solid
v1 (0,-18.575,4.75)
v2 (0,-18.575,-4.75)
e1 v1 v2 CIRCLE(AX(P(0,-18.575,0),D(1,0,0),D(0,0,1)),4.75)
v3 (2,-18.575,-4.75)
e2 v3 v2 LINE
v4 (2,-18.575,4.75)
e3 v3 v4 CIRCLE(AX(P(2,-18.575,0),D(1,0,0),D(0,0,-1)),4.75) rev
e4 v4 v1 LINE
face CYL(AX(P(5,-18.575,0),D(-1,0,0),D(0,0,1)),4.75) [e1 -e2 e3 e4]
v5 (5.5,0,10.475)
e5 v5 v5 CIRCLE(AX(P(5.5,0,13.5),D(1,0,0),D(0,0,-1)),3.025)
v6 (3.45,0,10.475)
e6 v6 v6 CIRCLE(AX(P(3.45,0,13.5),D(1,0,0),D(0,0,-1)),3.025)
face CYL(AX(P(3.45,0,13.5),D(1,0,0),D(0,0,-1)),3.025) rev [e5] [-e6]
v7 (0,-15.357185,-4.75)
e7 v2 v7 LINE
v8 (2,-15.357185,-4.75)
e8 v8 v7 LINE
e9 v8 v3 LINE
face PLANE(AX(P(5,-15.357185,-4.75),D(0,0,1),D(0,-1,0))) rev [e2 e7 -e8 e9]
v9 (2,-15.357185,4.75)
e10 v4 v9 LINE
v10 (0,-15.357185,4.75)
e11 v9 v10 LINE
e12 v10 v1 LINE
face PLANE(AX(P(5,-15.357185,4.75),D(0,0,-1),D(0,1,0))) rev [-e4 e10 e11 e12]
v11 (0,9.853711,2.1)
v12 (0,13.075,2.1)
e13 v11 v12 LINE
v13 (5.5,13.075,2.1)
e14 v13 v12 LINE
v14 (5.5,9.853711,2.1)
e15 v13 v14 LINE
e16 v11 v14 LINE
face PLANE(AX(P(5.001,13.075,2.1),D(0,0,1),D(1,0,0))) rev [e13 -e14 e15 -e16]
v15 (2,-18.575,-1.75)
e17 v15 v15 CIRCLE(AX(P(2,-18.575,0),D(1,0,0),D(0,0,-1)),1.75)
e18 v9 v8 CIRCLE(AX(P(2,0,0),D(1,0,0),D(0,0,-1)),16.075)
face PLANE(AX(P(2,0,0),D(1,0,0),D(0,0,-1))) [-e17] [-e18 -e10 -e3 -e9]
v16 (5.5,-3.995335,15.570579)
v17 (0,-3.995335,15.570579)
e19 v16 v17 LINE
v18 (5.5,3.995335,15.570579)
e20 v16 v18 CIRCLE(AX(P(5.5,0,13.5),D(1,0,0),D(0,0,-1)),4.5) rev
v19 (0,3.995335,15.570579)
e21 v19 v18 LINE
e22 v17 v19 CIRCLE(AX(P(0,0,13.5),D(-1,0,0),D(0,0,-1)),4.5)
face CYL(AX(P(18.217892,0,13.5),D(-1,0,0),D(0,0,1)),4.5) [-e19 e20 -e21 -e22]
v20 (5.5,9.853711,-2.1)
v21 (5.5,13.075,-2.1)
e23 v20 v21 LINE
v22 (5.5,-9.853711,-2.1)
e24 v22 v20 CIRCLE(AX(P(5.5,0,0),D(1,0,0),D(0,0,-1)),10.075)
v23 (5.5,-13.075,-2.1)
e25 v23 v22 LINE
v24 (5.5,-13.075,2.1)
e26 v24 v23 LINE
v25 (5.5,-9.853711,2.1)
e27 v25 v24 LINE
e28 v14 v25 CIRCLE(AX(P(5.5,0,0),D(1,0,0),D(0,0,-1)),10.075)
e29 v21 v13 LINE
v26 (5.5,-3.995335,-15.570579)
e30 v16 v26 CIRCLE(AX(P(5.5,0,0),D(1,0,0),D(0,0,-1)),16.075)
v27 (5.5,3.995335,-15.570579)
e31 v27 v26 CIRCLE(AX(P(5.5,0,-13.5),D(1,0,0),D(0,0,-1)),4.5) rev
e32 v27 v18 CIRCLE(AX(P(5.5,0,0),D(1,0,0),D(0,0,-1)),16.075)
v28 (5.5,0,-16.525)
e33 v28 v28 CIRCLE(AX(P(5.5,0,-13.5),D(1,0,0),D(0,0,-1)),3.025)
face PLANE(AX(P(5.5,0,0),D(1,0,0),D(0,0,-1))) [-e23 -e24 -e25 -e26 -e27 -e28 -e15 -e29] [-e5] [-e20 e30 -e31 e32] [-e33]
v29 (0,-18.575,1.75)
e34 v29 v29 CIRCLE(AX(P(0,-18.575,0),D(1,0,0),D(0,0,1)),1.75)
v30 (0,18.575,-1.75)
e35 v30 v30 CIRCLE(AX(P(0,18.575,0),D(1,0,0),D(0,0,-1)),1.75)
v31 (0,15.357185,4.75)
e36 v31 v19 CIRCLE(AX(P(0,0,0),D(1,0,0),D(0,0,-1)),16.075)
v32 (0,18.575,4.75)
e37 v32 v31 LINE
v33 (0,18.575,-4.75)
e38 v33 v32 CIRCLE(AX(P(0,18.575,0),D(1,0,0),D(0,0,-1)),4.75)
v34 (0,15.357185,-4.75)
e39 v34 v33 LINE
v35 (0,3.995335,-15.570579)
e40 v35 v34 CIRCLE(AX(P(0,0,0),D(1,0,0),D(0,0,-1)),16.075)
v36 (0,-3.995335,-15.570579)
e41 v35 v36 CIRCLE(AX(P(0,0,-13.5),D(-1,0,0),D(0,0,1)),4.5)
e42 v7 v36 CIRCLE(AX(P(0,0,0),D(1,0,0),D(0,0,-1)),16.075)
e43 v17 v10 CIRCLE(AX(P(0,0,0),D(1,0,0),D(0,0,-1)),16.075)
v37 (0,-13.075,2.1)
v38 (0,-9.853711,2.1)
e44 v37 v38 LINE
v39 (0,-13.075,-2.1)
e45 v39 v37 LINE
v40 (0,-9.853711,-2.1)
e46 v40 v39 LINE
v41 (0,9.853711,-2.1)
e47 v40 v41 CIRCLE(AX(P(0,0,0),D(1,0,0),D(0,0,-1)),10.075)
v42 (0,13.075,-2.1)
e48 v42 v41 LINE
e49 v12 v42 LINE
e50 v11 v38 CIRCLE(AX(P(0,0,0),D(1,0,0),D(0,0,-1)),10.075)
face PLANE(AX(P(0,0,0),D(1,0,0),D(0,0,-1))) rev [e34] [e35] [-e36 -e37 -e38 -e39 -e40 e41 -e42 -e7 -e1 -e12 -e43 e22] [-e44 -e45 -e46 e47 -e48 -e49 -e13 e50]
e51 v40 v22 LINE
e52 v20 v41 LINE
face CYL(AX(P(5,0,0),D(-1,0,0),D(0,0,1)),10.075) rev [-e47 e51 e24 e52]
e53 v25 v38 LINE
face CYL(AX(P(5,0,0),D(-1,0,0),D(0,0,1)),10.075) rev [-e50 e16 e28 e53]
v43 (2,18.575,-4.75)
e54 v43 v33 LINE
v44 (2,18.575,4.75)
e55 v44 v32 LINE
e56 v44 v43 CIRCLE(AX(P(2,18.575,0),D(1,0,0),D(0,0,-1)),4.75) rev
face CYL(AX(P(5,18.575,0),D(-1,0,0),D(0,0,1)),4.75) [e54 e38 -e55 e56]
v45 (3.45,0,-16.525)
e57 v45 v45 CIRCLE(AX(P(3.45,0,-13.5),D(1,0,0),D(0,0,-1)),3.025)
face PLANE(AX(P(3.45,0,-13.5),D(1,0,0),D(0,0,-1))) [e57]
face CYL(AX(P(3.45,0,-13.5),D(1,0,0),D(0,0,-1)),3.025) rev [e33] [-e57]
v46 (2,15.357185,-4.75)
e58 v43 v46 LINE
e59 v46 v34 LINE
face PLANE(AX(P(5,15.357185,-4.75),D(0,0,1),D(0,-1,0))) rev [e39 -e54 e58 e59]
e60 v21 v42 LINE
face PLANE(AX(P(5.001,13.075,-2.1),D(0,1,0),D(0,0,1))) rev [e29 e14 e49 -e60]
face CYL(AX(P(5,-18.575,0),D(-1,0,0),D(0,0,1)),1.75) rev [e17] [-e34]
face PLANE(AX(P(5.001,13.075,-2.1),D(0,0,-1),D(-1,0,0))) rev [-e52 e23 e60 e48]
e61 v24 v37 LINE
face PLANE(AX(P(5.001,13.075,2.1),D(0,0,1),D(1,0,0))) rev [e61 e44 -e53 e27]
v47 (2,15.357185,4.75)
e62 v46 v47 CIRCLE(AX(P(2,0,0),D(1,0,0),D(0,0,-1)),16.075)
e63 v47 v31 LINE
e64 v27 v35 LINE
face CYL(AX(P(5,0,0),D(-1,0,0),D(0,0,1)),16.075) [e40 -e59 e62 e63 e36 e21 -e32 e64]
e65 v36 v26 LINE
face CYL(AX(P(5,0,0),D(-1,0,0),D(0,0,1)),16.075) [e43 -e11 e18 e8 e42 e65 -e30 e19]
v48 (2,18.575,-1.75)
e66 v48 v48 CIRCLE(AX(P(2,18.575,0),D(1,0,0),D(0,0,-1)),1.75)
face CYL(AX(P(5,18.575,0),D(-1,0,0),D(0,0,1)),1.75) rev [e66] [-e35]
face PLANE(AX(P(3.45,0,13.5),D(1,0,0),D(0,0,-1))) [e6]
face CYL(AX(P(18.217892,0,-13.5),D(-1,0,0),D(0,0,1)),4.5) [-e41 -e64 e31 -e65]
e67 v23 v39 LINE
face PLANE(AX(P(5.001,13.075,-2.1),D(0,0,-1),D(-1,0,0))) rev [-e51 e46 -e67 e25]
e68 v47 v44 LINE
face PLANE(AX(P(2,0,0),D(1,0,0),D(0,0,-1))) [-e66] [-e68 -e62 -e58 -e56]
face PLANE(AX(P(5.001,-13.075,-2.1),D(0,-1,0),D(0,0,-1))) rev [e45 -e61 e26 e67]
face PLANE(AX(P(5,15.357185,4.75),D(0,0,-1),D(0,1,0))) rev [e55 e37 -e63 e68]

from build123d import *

# Parameters (mm, degrees)
SKETCH1_R           = 1.75
SKETCH1_R_2         = 10.075
BOSS_EXTRUDE1_DEPTH = 5
CUT_EXTRUDE1_START  = -5
SKETCH2_W           = 4.2
SKETCH2_H           = 26.15
CUT_EXTRUDE1_DEPTH  = 5
SKETCH3_R           = 16.075
BOSS_EXTRUDE2_DEPTH = 0.5
BOSS_EXTRUDE3_DEPTH = 5.5
SKETCH5_R           = 3.025
CUT_EXTRUDE2_DEPTH  = 2.05
CUT_EXTRUDE3_START  = -3
CUT_EXTRUDE3_DEPTH  = 3


with BuildPart() as part:
    # Sketch1 → Boss-Extrude1 (new body)
    with BuildSketch(Plane(origin=(0, 0, 0), x_dir=(0, 0, -1), z_dir=(1, 0, 0))):
        with BuildLine():
            Line((4.75, 15.357184801), (4.75, 18.575))
            ThreePointArc((4.75, 18.575), (0, 23.325), (-4.75, 18.575))
            Line((-4.75, 18.575), (-4.75, 15.357184801))
            ThreePointArc((-4.75, 15.357184801), (-16.075, 0), (-4.75, -15.357184801))
            Line((-4.75, -15.357184801), (-4.75, -18.575))
            ThreePointArc((-4.75, -18.575), (0, -23.325), (4.75, -18.575))
            Line((4.75, -18.575), (4.75, -15.357184801))
            ThreePointArc((4.75, -15.357184801), (16.075, 0), (4.75, 15.357184801))
        make_face()
        with Locations((0, 18.575)):
            Circle(SKETCH1_R, mode=Mode.SUBTRACT)
        Circle(SKETCH1_R_2, mode=Mode.SUBTRACT)
        with Locations(Location((0, -18.575, 0), (0, 0, 180))):
            Circle(SKETCH1_R, mode=Mode.SUBTRACT)
    extrude(amount=BOSS_EXTRUDE1_DEPTH)

    # Sketch2 → Cut-Extrude1 (cut)
    with BuildSketch(Plane.ZY.offset(CUT_EXTRUDE1_START)):
        Rectangle(SKETCH2_W, SKETCH2_H)
    extrude(amount=CUT_EXTRUDE1_DEPTH, mode=Mode.SUBTRACT)

    # Sketch3 → Boss-Extrude2 (add)
    with BuildSketch(Plane(origin=(5, 0, 0), x_dir=(0, 0, -1), z_dir=(1, 0, 0))):
        with Locations(Location((0, 0, 0), (0, 0, 107.186915706))):
            Circle(SKETCH3_R)
        with BuildLine():
            Line((-2.1, 13.075), (-2.1, 9.85371123))
            ThreePointArc((-2.1, 9.85371123), (-10.075, 0), (-2.1, -9.85371123))
            Line((-2.1, -9.85371123), (-2.1, -13.075))
            Line((-2.1, -13.075), (2.1, -13.075))
            Line((2.1, -13.075), (2.1, -9.85371123))
            ThreePointArc((2.1, -9.85371123), (10.075, 0), (2.1, 9.85371123))
            Line((2.1, 9.85371123), (2.1, 13.075))
            Line((2.1, 13.075), (-2.1, 13.075))
        make_face(mode=Mode.SUBTRACT)
    extrude(amount=BOSS_EXTRUDE2_DEPTH)

    # Sketch4 → Boss-Extrude3 (add)
    with BuildSketch(Plane.ZY):
        with BuildLine():
            Line((-13.5, -4.5), (-9.014190202, -4.5))
            ThreePointArc((-9.014190202, -4.5), (-10.075, 0), (-9.014190202, 4.5))
            Line((-9.014190202, 4.5), (-13.5, 4.5))
            ThreePointArc((-13.5, 4.5), (-18, 0), (-13.5, -4.5))
        make_face()
        with BuildLine():
            Line((13.5, 4.5), (9.014190202, 4.5))
            ThreePointArc((9.014190202, 4.5), (10.075, 0), (9.014190202, -4.5))
            Line((9.014190202, -4.5), (13.5, -4.5))
            ThreePointArc((13.5, -4.5), (18, 0), (13.5, 4.5))
        make_face()
    extrude(amount=-BOSS_EXTRUDE3_DEPTH)

    # Sketch5 → Cut-Extrude2 (cut)
    with BuildSketch(Plane(origin=(5.5, 0, 0), x_dir=(0, 0, -1), z_dir=(1, 0, 0))):
        with Locations((-13.5, 0)):
            Circle(SKETCH5_R)
        with Locations((13.5, 0)):
            Circle(SKETCH5_R)
    extrude(amount=-CUT_EXTRUDE2_DEPTH, mode=Mode.SUBTRACT)

    # Sketch6 → Cut-Extrude3 (cut)
    with BuildSketch(Plane(origin=(5, 0, 0), x_dir=(0, 0, -1), z_dir=(1, 0, 0)).offset(CUT_EXTRUDE3_START)):
        with BuildLine():
            Line((4.75, 15.357184801), (4.75, 18.575))
            ThreePointArc((4.75, 18.575), (0, 23.325), (-4.75, 18.575))
            Line((-4.75, 18.575), (-4.75, 15.357184801))
            ThreePointArc((-4.75, 15.357184801), (0, 16.075), (4.75, 15.357184801))
        make_face()
        with BuildLine():
            Line((-4.75, -15.357184801), (-4.75, -18.575))
            ThreePointArc((-4.75, -18.575), (0, -23.325), (4.75, -18.575))
            Line((4.75, -18.575), (4.75, -15.357184801))
            ThreePointArc((4.75, -15.357184801), (0, -16.075), (-4.75, -15.357184801))
        make_face()
    extrude(amount=CUT_EXTRUDE3_DEPTH, mode=Mode.SUBTRACT)


solid = part.part
